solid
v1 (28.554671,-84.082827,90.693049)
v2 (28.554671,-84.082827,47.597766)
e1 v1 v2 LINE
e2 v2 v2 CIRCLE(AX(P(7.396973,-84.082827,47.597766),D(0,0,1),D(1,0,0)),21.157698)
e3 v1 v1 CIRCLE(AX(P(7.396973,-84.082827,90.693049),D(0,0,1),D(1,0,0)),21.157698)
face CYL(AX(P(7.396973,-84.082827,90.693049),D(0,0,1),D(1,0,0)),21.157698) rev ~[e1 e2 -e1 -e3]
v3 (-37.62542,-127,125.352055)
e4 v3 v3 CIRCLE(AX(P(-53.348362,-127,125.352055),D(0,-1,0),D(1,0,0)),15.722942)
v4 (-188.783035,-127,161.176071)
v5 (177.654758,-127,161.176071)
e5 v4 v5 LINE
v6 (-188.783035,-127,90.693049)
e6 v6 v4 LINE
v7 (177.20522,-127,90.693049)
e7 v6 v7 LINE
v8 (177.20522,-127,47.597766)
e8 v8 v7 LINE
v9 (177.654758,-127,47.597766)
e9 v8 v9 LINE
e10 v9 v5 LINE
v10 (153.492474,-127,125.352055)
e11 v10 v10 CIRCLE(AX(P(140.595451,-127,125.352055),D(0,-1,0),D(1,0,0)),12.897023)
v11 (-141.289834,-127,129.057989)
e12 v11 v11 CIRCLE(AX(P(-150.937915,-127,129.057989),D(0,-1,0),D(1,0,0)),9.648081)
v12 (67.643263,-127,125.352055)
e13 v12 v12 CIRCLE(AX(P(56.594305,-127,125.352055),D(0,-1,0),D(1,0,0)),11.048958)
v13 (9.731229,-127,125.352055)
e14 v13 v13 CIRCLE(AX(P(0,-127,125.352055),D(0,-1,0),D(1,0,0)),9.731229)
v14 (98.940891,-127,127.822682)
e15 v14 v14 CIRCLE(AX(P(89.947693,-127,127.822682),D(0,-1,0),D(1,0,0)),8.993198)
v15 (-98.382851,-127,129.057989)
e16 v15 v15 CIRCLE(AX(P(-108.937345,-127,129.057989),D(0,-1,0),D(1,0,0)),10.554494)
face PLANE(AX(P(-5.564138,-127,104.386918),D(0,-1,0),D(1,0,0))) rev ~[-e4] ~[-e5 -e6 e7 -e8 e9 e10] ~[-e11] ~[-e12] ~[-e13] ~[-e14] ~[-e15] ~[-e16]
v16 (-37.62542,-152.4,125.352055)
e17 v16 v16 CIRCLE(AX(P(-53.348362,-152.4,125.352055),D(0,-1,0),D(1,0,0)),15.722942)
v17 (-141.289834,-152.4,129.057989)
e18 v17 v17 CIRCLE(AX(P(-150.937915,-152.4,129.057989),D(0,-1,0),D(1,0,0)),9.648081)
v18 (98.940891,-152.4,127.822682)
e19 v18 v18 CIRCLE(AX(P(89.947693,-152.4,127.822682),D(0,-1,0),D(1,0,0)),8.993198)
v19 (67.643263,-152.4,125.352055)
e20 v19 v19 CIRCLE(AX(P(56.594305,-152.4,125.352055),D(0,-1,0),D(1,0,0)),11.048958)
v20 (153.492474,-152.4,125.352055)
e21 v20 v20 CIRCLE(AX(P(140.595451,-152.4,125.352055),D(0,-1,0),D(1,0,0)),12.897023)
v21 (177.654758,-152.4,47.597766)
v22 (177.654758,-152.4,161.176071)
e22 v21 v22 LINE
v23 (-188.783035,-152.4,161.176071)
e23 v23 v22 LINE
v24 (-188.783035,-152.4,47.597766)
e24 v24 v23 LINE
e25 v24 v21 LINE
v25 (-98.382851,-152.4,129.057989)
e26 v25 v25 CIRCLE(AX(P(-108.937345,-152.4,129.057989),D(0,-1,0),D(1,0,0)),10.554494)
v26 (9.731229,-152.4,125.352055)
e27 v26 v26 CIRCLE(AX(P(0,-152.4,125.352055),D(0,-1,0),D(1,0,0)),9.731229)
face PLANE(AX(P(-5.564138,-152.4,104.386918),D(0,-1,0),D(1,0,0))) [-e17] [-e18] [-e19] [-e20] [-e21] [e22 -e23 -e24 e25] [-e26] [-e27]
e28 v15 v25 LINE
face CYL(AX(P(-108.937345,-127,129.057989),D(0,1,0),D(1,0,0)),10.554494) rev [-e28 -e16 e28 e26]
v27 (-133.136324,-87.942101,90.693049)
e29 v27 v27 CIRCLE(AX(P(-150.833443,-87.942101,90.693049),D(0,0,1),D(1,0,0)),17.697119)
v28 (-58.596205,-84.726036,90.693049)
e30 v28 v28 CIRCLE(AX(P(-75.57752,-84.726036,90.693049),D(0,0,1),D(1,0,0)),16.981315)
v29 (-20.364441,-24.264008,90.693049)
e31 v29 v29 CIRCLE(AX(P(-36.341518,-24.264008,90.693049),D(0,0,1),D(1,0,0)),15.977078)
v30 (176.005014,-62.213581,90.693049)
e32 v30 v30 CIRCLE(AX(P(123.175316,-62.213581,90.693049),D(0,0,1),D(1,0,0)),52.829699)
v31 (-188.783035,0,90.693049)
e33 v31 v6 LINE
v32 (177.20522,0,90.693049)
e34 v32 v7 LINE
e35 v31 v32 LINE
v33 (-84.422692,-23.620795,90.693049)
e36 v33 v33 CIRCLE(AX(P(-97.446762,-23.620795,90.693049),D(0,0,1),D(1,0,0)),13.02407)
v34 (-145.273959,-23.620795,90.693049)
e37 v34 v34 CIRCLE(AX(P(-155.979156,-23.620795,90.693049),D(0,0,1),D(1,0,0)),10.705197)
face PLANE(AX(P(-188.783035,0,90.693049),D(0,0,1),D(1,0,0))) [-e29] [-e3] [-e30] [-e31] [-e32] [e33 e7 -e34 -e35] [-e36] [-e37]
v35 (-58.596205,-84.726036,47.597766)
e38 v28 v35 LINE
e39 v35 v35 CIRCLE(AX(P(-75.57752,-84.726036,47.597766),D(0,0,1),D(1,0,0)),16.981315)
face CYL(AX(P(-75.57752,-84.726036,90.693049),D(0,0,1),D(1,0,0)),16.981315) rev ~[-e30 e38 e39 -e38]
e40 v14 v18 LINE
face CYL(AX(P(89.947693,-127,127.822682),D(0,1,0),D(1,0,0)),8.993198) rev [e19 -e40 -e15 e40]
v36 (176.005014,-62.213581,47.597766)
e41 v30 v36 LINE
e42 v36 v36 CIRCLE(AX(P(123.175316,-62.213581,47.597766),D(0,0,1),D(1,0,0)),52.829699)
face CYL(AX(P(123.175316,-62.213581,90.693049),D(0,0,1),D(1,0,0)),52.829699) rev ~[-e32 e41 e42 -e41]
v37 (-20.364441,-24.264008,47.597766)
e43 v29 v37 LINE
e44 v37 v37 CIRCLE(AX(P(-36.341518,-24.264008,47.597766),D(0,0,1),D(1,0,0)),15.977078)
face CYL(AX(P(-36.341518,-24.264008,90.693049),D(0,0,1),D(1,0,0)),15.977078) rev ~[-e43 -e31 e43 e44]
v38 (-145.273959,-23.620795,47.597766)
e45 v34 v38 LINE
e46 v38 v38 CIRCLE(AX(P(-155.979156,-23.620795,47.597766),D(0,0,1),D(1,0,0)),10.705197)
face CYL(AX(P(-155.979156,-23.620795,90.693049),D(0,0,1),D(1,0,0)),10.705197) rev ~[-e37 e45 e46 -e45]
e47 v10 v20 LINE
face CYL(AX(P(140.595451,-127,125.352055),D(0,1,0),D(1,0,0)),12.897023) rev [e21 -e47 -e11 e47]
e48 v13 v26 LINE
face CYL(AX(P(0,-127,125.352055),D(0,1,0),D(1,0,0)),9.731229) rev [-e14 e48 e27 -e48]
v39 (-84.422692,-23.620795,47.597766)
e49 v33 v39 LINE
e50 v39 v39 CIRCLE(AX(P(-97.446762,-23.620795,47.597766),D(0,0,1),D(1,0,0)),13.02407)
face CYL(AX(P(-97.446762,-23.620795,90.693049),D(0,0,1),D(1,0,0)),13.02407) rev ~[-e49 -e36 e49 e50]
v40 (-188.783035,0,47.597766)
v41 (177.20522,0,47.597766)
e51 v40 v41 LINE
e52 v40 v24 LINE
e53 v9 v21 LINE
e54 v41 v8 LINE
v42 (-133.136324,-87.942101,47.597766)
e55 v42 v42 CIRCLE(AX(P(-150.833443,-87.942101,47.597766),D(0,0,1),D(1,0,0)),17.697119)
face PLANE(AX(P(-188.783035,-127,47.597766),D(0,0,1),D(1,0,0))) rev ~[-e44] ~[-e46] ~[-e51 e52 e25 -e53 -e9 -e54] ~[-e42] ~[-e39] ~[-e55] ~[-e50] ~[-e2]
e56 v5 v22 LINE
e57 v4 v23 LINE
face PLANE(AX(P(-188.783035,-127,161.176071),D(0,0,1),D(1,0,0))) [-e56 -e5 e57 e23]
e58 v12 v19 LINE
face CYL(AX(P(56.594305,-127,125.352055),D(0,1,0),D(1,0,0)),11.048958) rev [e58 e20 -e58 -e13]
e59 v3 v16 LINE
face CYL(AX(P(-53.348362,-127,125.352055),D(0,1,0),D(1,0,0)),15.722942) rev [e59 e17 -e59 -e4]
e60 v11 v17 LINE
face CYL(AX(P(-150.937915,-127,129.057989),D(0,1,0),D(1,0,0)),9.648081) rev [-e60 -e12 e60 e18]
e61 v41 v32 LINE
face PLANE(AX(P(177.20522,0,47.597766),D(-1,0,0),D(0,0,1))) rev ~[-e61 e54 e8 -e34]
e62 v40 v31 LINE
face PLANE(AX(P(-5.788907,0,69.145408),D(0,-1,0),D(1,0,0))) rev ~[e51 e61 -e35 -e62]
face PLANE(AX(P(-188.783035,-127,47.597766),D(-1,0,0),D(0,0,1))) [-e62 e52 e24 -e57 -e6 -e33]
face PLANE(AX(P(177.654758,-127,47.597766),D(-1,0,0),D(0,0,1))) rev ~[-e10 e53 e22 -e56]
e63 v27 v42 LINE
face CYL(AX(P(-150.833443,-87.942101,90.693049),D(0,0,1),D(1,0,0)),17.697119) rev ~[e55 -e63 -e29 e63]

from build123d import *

# Parameters (mm, degrees)
F0_W     = 365.9882545471
F0_H     = 43.0952832103
F1_DEPTH = 127
F2_R     = 17.6971191765
F2_R_2   = 10.7051972913
F2_R_3   = 13.0240698206
F2_R_4   = 16.9813148573
F2_R_5   = 21.1576979937
F2_R_6   = 15.977077603
F2_R_7   = 52.8296986553
F3_DEPTH = 254
F4_W     = 366.437792778
F4_H     = 113.5783046484
F4_R     = 9.6480808664
F4_R_2   = 10.5544944744
F4_R_3   = 15.7229424231
F4_R_4   = 9.7312286453
F4_R_5   = 11.0489584241
F4_R_6   = 8.9931980907
F4_R_7   = 12.8970231178
F5_DEPTH = 25.4


with BuildPart() as f1:
    # F0 (on Front) → F1 (new body)
    with BuildSketch(Plane.XZ):
        with Locations((-5.7889074087, 69.1454075277)):
            Rectangle(F0_W, F0_H)
    extrude(amount=F1_DEPTH)

    # F2 (on face) → F3 (cut)
    with BuildSketch(Plane.XY.offset(90.6930491328)):
        with Locations((-150.8334428072, -87.9421010613)):
            Circle(F2_R)
        with Locations((-155.9791564941, -23.6207954586)):
            Circle(F2_R_2)
        with Locations((-97.4467620254, -23.6207954586)):
            Circle(F2_R_3)
        with Locations((-75.577519834, -84.7260355949)):
            Circle(F2_R_4)
        with Locations((7.3969732039, -84.082826972)):
            Circle(F2_R_5)
        with Locations((-36.3415181637, -24.2640078068)):
            Circle(F2_R_6)
        with Locations((123.1753155589, -62.2135810554)):
            Circle(F2_R_7)
    extrude(amount=-F3_DEPTH, mode=Mode.SUBTRACT)

    # F4 (on face) → F5 (join)
    with BuildSketch(Plane.XZ.offset(127)):
        with Locations((-5.5641382933, 104.3869182467)):
            Rectangle(F4_W, F4_H)
        with Locations((-150.9379148483, 129.0579885244)):
            Circle(F4_R, mode=Mode.SUBTRACT)
        with Locations((-108.9373454452, 129.0579885244)):
            Circle(F4_R_2, mode=Mode.SUBTRACT)
        with Locations((-53.3483624458, 125.3520548344)):
            Circle(F4_R_3, mode=Mode.SUBTRACT)
        with Locations((0, 125.3520548344)):
            Circle(F4_R_4, mode=Mode.SUBTRACT)
        with Locations((56.5943047404, 125.3520548344)):
            Circle(F4_R_5, mode=Mode.SUBTRACT)
        with Locations((89.9476930499, 127.8226822615)):
            Circle(F4_R_6, mode=Mode.SUBTRACT)
        with Locations((140.5954509974, 125.3520548344)):
            Circle(F4_R_7, mode=Mode.SUBTRACT)
    extrude(amount=F5_DEPTH)


solid = f1.part
